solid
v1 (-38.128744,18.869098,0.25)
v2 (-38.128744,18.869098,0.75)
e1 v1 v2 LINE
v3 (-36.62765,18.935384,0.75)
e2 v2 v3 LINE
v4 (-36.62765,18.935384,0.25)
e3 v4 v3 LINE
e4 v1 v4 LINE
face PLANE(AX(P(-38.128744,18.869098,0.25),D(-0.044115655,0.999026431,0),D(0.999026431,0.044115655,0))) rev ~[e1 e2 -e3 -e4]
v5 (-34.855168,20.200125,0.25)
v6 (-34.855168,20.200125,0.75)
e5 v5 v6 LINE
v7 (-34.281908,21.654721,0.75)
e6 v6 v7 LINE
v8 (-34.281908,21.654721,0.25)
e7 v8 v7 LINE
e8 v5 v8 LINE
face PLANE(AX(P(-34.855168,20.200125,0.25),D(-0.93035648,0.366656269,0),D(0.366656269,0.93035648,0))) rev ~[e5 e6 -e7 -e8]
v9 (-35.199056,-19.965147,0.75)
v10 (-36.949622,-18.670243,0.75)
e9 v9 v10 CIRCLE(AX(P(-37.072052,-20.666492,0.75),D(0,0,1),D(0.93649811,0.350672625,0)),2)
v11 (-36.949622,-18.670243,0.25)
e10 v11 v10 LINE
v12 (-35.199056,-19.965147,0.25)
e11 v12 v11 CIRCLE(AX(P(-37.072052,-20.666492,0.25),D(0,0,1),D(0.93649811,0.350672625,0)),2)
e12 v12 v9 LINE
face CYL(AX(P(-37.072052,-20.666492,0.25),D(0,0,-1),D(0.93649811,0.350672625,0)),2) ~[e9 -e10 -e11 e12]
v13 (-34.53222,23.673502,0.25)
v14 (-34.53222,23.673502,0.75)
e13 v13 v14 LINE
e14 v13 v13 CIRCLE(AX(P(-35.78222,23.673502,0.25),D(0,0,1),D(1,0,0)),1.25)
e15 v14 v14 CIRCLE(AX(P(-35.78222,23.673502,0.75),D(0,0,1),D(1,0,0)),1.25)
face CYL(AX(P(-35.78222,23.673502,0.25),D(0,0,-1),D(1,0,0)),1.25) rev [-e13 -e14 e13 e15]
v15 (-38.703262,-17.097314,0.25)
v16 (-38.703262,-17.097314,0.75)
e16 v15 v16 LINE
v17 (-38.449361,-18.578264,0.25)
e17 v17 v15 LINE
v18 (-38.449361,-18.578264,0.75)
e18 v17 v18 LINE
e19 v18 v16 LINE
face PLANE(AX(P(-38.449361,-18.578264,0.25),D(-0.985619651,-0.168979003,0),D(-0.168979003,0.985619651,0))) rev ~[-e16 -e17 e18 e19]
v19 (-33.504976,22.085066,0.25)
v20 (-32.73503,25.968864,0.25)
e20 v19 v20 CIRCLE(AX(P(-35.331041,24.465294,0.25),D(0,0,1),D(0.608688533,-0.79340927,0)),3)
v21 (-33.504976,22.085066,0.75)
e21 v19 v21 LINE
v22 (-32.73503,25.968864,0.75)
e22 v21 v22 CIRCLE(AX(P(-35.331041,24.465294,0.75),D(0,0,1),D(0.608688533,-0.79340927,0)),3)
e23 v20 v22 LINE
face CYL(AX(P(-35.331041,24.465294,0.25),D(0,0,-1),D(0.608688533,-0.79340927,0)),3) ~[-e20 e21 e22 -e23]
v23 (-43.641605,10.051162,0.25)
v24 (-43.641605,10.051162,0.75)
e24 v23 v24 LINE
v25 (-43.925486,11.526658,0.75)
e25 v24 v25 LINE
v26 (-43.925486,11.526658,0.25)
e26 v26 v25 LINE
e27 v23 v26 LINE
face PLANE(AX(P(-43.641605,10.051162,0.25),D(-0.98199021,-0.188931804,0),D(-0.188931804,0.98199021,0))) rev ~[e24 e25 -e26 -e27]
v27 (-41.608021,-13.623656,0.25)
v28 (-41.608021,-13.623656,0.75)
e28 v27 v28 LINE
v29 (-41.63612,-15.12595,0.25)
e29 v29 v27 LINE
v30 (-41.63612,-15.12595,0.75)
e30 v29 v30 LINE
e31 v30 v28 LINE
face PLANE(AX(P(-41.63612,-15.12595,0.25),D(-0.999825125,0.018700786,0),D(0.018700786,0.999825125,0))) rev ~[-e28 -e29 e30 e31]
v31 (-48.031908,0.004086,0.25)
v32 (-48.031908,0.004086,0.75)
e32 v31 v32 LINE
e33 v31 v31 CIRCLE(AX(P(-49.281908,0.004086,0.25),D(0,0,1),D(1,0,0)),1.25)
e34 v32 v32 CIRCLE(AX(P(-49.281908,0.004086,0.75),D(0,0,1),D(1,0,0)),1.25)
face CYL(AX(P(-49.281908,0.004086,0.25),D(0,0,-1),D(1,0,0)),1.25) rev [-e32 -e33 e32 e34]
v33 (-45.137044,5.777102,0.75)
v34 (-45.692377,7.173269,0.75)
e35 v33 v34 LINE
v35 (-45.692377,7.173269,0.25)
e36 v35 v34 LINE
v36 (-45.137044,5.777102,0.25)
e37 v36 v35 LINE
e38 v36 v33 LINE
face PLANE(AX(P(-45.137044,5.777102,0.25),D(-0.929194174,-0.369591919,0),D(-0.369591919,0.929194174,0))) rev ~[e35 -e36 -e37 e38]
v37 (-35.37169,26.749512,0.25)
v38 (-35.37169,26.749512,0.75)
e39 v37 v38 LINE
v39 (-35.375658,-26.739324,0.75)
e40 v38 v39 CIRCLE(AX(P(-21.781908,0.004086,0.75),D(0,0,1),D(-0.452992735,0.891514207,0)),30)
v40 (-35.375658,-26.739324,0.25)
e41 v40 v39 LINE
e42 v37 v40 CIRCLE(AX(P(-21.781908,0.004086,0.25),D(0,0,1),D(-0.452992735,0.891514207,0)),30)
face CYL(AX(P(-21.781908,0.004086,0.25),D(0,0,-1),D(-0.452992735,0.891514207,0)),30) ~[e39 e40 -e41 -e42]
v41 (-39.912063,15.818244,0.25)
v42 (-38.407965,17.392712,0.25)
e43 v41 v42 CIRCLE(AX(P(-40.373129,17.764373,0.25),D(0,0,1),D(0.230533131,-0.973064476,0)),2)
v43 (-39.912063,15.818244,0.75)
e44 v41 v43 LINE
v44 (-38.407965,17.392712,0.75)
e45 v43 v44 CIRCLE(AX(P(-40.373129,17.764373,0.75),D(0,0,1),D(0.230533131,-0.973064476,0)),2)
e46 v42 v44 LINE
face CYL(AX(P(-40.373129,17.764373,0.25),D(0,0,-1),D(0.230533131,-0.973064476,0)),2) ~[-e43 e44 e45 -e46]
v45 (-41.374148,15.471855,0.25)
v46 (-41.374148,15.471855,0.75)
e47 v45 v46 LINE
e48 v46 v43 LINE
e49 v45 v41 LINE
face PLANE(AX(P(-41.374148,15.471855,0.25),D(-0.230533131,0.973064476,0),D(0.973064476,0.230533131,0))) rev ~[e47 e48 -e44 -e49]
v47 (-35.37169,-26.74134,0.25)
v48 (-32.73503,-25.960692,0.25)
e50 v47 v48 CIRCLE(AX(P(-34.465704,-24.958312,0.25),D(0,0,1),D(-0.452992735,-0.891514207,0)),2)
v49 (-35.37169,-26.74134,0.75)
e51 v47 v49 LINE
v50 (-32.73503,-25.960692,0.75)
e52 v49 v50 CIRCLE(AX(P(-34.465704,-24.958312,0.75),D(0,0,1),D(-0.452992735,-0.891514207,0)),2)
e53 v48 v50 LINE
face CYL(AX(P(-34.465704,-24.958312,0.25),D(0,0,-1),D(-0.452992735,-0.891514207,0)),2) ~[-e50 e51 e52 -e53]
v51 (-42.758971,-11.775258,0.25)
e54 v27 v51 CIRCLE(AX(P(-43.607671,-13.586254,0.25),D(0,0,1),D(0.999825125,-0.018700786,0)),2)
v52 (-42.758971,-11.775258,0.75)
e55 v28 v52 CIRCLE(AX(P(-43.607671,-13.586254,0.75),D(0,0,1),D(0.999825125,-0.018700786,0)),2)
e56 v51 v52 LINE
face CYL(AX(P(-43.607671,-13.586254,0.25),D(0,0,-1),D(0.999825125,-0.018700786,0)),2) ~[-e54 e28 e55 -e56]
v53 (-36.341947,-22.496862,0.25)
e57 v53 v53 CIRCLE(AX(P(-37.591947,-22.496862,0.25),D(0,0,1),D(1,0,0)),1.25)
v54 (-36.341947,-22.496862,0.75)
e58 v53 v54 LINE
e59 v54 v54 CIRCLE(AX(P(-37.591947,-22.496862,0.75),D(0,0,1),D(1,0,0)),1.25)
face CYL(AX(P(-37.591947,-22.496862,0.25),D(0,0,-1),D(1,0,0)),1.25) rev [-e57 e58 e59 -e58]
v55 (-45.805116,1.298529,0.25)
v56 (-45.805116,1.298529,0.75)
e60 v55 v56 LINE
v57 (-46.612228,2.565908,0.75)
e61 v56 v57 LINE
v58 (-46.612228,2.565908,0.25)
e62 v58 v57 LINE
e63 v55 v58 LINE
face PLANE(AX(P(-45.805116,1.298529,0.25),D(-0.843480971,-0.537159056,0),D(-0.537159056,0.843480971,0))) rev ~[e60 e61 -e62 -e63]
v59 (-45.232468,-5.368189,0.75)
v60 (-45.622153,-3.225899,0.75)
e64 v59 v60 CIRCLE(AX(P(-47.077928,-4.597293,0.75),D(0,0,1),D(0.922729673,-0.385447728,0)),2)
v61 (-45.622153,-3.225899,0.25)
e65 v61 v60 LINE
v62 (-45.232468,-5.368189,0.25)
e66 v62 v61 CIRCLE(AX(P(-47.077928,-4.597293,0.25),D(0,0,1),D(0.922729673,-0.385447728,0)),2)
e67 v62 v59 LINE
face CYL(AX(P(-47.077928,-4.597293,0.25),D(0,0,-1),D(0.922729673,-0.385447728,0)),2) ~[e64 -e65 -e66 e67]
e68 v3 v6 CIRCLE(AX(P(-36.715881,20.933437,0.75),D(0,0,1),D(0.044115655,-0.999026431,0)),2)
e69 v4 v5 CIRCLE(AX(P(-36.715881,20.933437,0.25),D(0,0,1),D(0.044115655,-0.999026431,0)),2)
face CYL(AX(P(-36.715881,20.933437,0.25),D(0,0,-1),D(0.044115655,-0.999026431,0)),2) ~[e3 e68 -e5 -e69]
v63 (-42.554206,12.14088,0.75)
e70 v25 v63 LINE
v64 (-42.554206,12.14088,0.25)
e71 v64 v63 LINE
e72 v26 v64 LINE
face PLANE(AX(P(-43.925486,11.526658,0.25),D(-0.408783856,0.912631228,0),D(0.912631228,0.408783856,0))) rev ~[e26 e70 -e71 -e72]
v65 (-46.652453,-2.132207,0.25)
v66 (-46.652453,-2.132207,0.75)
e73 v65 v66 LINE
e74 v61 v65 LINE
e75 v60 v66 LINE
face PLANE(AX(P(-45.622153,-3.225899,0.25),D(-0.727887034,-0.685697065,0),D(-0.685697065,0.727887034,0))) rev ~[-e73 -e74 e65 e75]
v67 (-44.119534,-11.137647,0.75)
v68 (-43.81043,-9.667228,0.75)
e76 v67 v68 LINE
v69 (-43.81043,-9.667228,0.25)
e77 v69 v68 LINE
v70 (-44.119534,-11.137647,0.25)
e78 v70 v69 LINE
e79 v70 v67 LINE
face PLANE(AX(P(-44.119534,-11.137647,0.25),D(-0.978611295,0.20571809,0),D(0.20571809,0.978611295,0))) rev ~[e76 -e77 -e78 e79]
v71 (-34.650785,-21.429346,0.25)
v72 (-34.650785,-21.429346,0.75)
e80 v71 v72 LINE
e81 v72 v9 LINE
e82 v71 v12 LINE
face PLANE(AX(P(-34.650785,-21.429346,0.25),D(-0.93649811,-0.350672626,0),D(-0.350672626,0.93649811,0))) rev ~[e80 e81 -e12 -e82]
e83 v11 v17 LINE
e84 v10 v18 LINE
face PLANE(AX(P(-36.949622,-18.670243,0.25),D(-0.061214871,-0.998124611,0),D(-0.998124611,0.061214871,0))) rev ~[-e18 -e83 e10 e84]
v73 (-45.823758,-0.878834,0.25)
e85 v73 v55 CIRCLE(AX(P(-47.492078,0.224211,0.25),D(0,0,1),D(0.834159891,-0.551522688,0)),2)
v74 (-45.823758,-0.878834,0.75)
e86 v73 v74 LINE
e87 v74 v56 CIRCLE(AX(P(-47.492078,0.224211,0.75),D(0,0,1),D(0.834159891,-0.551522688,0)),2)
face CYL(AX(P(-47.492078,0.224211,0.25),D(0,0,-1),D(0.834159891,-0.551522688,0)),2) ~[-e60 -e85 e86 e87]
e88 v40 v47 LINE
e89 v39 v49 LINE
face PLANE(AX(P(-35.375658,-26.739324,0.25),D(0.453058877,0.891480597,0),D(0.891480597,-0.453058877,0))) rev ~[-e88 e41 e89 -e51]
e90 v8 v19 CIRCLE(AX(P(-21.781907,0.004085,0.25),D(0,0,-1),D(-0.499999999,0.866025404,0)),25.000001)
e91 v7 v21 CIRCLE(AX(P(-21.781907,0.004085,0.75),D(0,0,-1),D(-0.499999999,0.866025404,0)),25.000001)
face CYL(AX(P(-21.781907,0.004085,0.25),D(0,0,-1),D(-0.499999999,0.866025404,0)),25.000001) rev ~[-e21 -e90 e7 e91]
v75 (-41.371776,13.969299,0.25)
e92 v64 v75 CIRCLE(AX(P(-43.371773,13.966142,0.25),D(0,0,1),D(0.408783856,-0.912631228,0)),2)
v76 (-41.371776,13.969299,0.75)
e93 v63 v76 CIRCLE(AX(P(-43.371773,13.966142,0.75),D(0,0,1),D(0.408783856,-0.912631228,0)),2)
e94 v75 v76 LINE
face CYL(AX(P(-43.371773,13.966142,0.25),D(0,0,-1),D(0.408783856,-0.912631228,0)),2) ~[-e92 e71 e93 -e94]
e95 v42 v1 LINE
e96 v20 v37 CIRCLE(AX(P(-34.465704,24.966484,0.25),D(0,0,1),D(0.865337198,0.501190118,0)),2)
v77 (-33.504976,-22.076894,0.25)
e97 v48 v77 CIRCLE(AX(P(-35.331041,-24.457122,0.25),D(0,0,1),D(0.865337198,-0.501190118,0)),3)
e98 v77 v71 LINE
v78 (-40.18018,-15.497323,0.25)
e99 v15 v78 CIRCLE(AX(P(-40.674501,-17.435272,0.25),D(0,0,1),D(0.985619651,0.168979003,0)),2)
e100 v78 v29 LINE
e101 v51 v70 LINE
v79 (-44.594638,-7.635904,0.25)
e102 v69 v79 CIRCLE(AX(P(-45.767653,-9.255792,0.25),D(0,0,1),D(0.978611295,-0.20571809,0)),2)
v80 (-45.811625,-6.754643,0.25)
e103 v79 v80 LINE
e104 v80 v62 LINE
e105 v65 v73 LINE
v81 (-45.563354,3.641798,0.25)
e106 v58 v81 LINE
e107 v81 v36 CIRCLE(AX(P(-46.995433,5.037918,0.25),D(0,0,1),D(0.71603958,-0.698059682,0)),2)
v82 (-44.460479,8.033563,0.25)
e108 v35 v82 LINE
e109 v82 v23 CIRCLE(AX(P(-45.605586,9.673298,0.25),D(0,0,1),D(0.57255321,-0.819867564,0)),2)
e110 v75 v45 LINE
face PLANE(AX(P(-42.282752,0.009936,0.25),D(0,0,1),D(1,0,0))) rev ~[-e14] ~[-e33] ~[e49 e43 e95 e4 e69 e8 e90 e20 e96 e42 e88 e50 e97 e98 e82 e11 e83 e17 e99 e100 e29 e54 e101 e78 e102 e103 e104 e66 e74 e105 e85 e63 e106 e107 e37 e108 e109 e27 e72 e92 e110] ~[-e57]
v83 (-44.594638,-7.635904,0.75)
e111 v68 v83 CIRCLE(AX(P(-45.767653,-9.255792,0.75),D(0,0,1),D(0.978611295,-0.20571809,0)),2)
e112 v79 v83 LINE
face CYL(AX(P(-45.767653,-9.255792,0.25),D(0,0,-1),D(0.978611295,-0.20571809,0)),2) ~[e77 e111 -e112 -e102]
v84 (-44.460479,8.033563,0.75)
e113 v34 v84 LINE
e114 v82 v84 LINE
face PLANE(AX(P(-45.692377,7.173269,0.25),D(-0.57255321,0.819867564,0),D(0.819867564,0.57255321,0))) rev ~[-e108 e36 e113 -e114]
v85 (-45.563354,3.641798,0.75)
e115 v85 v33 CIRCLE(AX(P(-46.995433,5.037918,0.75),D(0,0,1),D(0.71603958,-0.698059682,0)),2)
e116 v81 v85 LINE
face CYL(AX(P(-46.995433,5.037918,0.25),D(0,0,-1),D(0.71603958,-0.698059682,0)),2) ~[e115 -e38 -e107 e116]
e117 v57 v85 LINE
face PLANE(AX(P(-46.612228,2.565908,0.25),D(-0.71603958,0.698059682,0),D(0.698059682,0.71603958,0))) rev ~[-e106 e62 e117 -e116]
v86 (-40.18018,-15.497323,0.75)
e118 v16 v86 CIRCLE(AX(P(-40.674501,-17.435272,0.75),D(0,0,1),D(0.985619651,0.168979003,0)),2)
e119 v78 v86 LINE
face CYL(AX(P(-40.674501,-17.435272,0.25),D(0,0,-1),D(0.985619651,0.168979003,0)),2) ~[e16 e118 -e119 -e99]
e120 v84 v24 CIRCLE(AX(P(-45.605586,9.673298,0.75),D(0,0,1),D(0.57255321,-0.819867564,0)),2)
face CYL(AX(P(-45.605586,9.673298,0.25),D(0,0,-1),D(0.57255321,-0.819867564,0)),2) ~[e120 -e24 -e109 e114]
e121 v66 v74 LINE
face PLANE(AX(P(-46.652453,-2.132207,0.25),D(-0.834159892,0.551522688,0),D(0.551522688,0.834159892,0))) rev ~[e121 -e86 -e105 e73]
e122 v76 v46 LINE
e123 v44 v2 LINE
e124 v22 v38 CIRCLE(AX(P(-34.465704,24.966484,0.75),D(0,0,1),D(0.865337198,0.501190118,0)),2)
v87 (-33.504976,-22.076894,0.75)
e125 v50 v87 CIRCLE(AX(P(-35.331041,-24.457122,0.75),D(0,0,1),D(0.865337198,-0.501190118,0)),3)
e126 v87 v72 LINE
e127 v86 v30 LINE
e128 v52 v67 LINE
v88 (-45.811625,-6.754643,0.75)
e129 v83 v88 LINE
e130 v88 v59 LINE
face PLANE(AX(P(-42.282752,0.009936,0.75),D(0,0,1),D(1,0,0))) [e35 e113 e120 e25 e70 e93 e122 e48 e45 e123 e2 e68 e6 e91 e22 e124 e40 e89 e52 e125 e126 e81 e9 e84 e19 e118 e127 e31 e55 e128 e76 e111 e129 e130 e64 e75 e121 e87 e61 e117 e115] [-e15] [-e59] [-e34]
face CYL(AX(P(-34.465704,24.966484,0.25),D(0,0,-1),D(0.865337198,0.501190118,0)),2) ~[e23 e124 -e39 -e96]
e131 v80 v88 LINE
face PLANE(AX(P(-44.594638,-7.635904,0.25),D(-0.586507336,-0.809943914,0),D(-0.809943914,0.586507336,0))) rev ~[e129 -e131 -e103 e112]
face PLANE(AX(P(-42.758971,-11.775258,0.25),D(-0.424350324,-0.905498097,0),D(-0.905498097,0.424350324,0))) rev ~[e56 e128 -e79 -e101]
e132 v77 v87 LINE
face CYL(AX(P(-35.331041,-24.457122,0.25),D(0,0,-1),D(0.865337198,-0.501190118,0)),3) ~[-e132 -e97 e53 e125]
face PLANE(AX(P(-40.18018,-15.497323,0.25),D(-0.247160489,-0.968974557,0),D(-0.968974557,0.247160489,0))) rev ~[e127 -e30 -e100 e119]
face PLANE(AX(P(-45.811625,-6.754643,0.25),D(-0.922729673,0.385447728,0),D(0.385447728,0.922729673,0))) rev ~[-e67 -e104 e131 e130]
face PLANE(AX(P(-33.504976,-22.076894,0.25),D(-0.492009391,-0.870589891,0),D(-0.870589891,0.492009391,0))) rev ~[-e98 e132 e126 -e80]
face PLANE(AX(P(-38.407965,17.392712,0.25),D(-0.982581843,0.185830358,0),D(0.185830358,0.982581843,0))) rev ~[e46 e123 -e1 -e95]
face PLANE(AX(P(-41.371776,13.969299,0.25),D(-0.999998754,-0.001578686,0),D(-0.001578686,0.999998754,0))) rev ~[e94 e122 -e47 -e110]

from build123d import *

# Parameters (mm, degrees)
IZIM1_R                     = 2.5
Y_KSEKLIK_EKSTR_ZYON1_DEPTH = 1
SCALE1_SCALE                = 0.5


with BuildPart() as part:
    # Çizim1 → Yükseklik-Ekstrüzyon1 (new body)
    with BuildSketch(Plane.XY):
        with BuildLine():
            Line((-23.446136356, -44.161959762), (-25.73775467, -42.866863479))
            Line((-25.73775467, -42.866863479), (-26.834295942, -39.938466016))
            ThreePointArc((-26.834295942, -39.938466016), (-28.201527977, -38.125336415), (-30.335428898, -37.348658075))
            Line((-30.335428898, -37.348658075), (-33.334907776, -37.164700371))
            Line((-33.334907776, -37.164700371), (-33.842709051, -34.202800331))
            ThreePointArc((-33.842709051, -34.202800331), (-34.84597704, -32.165592505), (-36.7965457, -31.002818113))
            Line((-36.7965457, -31.002818113), (-39.708425324, -30.260072511))
            Line((-39.708425324, -30.260072511), (-39.652227319, -27.255483394))
            ThreePointArc((-39.652227319, -27.255483394), (-40.255989993, -25.066366444), (-41.954126526, -23.558687864))
            Line((-41.954126526, -23.558687864), (-44.675252109, -22.283466496))
            Line((-44.675252109, -22.283466496), (-44.057045667, -19.342627369))
            ThreePointArc((-44.057045667, -19.342627369), (-44.239914432, -17.079151855), (-45.625461503, -15.279979352))
            Line((-45.625461503, -15.279979352), (-48.059435816, -13.517457571))
            Line((-48.059435816, -13.517457571), (-46.901121207, -10.744549126))
            ThreePointArc((-46.901121207, -10.744549126), (-46.656617846, -8.486899797), (-47.680491761, -6.459969953))
            Line((-47.680491761, -6.459969953), (-49.741090048, -4.272585973))
            Line((-49.741090048, -4.272585973), (-48.083701146, -1.765839874))
            ThreePointArc((-48.083701146, -1.765839874), (-47.420487313, 0.406004917), (-48.046416828, 2.588887101))
            Line((-48.046416828, 2.588887101), (-49.660641368, 5.123644113))
            Line((-49.660641368, 5.123644113), (-47.562892001, 7.275425136))
            ThreePointArc((-47.562892001, 7.275425136), (-46.504462376, 9.284526705), (-46.710273625, 11.546031539))
            Line((-46.710273625, 11.546031539), (-47.82093971, 14.338366552))
            Line((-47.82093971, 14.338366552), (-45.357143694, 16.058954583))
            ThreePointArc((-45.357143694, 16.058954583), (-43.940993675, 17.834139505), (-43.719395692, 20.094152054))
            Line((-43.719395692, 20.094152054), (-44.287157421, 23.045145208))
            Line((-44.287157421, 23.045145208), (-41.54459596, 24.273587558))
            ThreePointArc((-41.54459596, 24.273587558), (-39.820893366, 25.751969023), (-39.17973637, 27.930427214))
            Line((-39.17973637, 27.930427214), (-39.184480502, 30.935538106))
            Line((-39.184480502, 30.935538106), (-36.260310201, 31.628316593))
            ThreePointArc((-36.260310201, 31.628316593), (-34.290118058, 32.757522199), (-33.252115355, 34.777253066))
            Line((-33.252115355, 34.777253066), (-32.693673826, 37.730024144))
            Line((-32.693673826, 37.730024144), (-29.691484877, 37.862596744))
            ThreePointArc((-29.691484877, 37.862596744), (-27.544598222, 38.602623821), (-26.146521576, 40.39207739))
            Line((-26.146521576, 40.39207739), (-25, 43.301270189))
            ThreePointArc((-25, 43.301270189), (-24.226890609, 43.73851588), (-23.446136356, 44.161959762))
            ThreePointArc((-23.446136356, 44.161959762), (-21.212806241, 47.755648425), (-21.906244367, 51.929556087))
            ThreePointArc((-21.906244367, 51.929556087), (-24.232021318, 53.76021953), (-27.179564099, 53.490852446))
            ThreePointArc((-27.179564099, 53.490852446), (-59.999999835, 0.004450967), (-27.1875, -53.486819346))
            Line((-27.1875, -53.486819346), (-27.179564099, -53.490852446))
            ThreePointArc((-27.179564099, -53.490852446), (-24.232021318, -53.76021953), (-21.906244367, -51.929556087))
            ThreePointArc((-21.906244367, -51.929556087), (-21.212806241, -47.755648425), (-23.446136356, -44.161959762))
        make_face()
        with Locations((-31.620079453, -45.001895242)):
            Circle(IZIM1_R, mode=Mode.SUBTRACT)
        with Locations((-55, 0)):
            Circle(IZIM1_R, mode=Mode.SUBTRACT)
        with Locations((-28.000624989, 47.338831842)):
            Circle(IZIM1_R, mode=Mode.SUBTRACT)
    extrude(amount=Y_KSEKLIK_EKSTR_ZYON1_DEPTH)


with BuildPart() as part_1:
    # Scale1: scaled about (-43.563815172, 0.008171627, 0.5)
    add(part.part.scale(SCALE1_SCALE).moved(Location((-21.781907586, 0.004085814, 0.25))))


solid = part_1.part
